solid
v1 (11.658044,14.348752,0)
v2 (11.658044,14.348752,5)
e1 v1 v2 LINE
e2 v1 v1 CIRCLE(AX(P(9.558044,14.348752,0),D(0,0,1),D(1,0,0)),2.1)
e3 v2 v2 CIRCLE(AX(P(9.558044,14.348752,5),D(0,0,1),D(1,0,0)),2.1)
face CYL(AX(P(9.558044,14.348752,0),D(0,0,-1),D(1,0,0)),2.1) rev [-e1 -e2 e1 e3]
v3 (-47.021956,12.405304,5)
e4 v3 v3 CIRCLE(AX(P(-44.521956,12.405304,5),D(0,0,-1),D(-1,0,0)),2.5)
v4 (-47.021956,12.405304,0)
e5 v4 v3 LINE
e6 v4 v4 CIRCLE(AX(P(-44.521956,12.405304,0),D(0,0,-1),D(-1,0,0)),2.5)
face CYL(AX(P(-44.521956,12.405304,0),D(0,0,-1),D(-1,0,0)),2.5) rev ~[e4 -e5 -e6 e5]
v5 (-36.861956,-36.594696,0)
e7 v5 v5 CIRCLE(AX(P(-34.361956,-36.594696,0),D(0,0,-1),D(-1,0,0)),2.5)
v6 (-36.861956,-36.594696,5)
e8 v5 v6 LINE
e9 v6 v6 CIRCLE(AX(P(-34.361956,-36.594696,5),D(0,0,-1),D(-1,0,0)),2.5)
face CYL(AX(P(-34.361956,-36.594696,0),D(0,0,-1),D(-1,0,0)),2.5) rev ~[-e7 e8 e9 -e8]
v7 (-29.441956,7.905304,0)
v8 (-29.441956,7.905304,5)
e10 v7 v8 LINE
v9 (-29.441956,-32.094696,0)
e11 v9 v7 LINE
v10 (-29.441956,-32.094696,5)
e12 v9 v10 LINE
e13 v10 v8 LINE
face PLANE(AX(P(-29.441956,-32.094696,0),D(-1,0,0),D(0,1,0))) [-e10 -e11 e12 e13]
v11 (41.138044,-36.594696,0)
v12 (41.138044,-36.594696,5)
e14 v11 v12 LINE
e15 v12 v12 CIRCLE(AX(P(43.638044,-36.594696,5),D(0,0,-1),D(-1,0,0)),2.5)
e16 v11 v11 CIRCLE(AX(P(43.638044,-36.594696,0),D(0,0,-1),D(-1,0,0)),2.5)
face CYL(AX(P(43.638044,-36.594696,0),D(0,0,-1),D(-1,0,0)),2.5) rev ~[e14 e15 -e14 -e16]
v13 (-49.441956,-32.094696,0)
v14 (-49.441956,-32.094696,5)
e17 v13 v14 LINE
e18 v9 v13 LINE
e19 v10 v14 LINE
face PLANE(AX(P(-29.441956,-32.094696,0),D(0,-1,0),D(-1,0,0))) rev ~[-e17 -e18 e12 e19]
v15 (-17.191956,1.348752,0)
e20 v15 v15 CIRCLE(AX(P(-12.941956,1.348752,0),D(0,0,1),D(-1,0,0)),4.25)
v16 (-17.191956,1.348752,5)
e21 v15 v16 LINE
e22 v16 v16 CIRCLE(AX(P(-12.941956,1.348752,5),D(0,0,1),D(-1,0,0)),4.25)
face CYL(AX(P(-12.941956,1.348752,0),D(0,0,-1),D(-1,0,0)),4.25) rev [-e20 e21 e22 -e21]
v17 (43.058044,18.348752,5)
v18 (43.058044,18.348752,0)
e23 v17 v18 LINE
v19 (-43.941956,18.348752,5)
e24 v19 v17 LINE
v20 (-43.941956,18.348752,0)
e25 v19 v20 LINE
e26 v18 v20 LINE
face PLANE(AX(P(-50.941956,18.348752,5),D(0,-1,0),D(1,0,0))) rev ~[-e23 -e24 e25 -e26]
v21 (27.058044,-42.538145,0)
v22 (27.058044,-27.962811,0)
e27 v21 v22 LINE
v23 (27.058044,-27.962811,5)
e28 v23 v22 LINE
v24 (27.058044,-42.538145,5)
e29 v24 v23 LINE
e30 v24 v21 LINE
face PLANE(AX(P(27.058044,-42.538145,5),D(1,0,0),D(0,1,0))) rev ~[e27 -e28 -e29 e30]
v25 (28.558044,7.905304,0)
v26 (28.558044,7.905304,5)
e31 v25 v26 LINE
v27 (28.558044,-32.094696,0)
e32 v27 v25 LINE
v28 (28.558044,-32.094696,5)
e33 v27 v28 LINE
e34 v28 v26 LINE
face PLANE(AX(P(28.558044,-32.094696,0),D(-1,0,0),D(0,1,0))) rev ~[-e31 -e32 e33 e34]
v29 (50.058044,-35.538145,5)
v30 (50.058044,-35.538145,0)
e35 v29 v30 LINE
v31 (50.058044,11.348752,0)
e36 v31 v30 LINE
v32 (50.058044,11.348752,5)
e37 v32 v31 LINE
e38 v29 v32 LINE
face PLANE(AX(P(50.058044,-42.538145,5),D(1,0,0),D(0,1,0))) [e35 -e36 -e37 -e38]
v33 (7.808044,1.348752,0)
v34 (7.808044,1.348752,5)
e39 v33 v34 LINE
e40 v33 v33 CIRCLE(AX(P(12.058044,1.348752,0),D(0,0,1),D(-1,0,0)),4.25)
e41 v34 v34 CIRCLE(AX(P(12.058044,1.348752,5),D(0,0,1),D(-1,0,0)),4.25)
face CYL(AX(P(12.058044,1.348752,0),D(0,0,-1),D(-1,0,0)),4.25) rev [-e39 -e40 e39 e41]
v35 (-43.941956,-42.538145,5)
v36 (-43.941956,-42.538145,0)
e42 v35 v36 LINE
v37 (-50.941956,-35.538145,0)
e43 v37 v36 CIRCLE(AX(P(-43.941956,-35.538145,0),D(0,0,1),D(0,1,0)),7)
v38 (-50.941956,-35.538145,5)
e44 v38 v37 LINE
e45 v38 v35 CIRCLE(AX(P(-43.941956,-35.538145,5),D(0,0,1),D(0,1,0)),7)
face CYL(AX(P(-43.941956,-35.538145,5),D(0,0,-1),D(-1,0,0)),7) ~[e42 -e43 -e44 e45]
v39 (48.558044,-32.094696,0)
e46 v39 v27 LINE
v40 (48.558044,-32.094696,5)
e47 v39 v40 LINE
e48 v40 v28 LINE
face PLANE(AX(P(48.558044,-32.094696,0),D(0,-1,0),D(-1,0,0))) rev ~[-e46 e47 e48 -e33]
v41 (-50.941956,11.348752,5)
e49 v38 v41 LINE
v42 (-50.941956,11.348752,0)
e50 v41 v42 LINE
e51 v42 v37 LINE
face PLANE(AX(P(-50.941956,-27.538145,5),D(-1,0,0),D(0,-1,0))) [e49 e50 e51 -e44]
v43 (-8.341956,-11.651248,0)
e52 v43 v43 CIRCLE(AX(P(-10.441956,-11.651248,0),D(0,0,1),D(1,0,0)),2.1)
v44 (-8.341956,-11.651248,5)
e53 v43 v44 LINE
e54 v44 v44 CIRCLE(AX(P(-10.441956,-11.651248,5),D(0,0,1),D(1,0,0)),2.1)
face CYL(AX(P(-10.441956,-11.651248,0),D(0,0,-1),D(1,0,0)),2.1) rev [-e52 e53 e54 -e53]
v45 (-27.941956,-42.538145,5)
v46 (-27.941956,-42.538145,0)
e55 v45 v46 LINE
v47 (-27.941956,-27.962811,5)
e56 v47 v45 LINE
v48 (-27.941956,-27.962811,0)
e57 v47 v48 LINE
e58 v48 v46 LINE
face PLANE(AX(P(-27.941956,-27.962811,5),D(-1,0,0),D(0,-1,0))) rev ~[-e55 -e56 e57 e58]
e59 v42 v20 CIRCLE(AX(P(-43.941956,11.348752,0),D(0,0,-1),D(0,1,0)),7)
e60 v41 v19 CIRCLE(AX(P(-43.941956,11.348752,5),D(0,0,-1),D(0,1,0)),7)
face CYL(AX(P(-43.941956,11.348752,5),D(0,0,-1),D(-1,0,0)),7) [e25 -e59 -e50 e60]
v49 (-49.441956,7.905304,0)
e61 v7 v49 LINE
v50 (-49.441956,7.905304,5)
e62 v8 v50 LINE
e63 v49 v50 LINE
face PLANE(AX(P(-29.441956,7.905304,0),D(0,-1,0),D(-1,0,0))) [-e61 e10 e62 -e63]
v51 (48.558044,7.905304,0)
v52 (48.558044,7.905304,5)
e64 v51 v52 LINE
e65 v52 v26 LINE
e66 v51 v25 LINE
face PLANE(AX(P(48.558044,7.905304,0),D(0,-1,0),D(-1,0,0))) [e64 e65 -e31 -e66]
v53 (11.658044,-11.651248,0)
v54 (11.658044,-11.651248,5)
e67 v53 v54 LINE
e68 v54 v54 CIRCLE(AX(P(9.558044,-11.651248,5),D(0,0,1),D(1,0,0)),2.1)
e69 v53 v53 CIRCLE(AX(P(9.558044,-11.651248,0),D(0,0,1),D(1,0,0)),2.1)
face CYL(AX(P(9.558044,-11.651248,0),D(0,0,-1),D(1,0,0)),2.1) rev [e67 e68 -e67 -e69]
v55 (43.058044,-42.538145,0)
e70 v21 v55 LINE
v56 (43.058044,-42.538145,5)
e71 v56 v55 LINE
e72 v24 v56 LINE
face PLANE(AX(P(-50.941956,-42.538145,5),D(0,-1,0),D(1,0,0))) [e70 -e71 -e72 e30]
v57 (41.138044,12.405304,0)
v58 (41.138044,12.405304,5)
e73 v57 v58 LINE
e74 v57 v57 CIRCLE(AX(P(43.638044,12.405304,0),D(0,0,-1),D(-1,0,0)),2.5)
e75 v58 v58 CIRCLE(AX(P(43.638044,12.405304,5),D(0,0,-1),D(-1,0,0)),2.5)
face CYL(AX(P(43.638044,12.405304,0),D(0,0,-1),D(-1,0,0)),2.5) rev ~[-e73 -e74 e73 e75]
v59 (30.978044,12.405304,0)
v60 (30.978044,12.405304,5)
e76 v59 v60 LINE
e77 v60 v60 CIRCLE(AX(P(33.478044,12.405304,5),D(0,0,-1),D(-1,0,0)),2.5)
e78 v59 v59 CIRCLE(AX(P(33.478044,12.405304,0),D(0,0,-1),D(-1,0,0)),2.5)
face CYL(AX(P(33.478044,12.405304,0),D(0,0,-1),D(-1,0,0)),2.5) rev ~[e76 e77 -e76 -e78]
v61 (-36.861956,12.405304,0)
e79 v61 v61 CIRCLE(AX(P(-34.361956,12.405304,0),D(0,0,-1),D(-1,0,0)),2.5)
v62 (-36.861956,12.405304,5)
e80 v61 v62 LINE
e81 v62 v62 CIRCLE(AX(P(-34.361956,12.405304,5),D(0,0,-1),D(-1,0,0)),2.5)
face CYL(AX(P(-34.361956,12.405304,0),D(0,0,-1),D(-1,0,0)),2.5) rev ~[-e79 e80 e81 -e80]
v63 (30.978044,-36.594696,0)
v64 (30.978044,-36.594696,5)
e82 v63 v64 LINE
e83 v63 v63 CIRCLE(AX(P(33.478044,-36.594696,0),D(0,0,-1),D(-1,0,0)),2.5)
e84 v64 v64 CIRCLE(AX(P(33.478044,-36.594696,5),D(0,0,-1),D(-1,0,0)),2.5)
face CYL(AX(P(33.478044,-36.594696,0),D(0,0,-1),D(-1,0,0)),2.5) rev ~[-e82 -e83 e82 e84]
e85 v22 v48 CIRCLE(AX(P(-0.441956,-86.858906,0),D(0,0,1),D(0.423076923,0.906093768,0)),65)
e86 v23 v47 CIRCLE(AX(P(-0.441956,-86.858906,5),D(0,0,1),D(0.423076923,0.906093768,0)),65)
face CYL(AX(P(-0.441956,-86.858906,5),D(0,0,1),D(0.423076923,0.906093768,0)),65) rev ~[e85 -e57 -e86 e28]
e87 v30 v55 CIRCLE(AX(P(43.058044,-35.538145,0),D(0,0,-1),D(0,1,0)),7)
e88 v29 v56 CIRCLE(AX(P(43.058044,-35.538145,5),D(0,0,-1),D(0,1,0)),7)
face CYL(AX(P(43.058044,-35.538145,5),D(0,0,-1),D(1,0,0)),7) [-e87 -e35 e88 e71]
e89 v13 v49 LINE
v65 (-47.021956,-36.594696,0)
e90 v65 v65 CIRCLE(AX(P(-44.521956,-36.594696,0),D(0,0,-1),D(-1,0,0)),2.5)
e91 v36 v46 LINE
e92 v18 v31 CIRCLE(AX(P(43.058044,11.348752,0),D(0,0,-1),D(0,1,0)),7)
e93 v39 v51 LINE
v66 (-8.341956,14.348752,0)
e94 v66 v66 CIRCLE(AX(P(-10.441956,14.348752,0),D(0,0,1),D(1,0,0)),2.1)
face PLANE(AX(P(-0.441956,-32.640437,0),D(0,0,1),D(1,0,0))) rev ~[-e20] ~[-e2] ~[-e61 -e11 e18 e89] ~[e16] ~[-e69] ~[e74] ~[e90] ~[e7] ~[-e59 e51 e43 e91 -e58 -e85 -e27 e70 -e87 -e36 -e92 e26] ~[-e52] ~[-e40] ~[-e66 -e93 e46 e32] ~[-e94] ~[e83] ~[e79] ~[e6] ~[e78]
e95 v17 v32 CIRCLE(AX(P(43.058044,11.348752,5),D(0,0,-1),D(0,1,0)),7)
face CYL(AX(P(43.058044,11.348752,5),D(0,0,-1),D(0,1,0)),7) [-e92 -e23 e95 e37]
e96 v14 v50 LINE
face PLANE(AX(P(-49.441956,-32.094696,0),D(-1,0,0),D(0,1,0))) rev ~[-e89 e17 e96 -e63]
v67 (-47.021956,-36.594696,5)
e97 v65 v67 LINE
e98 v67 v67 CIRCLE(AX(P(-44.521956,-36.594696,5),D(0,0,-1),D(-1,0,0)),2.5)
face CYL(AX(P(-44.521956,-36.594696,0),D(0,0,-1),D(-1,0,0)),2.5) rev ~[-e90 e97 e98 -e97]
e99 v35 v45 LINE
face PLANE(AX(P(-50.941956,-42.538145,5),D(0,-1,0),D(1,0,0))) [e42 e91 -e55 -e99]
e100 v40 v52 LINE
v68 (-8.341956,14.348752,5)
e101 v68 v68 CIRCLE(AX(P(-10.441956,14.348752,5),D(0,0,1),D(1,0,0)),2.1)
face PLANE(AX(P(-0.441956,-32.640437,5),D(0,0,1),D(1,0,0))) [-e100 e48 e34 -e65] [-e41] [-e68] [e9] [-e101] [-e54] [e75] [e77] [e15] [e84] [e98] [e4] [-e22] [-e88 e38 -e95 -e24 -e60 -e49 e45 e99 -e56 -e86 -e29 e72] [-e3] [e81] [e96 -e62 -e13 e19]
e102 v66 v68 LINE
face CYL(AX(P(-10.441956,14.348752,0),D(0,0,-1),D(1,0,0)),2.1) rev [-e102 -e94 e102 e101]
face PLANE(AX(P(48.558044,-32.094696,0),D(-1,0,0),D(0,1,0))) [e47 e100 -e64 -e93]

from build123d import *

# Parameters (mm, degrees)
SKETCH1_R           = 2.1
BOSS_EXTRUDE1_DEPTH = 5
CUT_EXTRUDE1_DEPTH  = 5
SKETCH3_W           = 38.251438616
SKETCH3_H           = 32.766065525
CUT_EXTRUDE2_DEPTH  = 10
BOSS_EXTRUDE2_DEPTH = 5
SKETCH5_W           = 101.856885825
SKETCH5_H           = 15.226385752
CUT_EXTRUDE3_DEPTH  = 10
BOSS_EXTRUDE3_DEPTH = 5
CUT_EXTRUDE4_DEPTH  = 5
SKETCH8_R           = 2.5
SKETCH8_W           = 20
SKETCH8_H           = 40
CUT_EXTRUDE5_DEPTH  = 5
FILLET2_R           = 7


with BuildPart() as part:
    # Sketch1 → Boss-Extrude1 (new body)
    with BuildSketch(Plane.XY):
        Polygon((27.058043777, 13.348752177), (18.058043777, 13.348752177), (18.058043777, 18.348752177), (-18.941956223, 18.348752177), (-18.941956223, 13.348752177), (-27.941956223, 13.348752177), (-27.941956223, 1.348752177), (-27.941956223, -10.651247823), (-63.297295282, -46.006586882), (-51.297295282, -58.006586882), (50.413382836, -58.006586882), (62.413382836, -46.006586882), (27.058043777, -10.651247823), (27.058043777, 1.348752177), align=None)
        with Locations((9.558043777, -11.651247823)):
            Circle(SKETCH1_R, mode=Mode.SUBTRACT)
        with Locations((-10.441956223, -11.651247823)):
            Circle(SKETCH1_R, mode=Mode.SUBTRACT)
        with Locations((-10.441956223, 14.348752177)):
            Circle(SKETCH1_R, mode=Mode.SUBTRACT)
        with Locations((9.558043777, 14.348752177)):
            Circle(SKETCH1_R, mode=Mode.SUBTRACT)
        with BuildLine():
            ThreePointArc((-8.691956223, 1.348752177), (-12.941956223, 5.598752177), (-17.191956223, 1.348752177))
            ThreePointArc((-17.191956223, 1.348752177), (-12.941956223, -2.901247823), (-8.691956223, 1.348752177))
        make_face(mode=Mode.SUBTRACT)
        with BuildLine():
            ThreePointArc((16.308043777, 1.348752177), (12.058043777, 5.598752177), (7.808043777, 1.348752177))
            ThreePointArc((7.808043777, 1.348752177), (12.058043777, -2.901247823), (16.308043777, 1.348752177))
        make_face(mode=Mode.SUBTRACT)
    extrude(amount=BOSS_EXTRUDE1_DEPTH)

    # Sketch2 → Cut-Extrude1 (cut)
    with BuildSketch(Plane(origin=(0, 0, 0), x_dir=(-1, 0, 0), z_dir=(0, 0, -1))):
        with BuildLine():
            Line((-27.058043777, -22.48694002), (-27.058043777, -151.230871916))
            ThreePointArc((-27.058043777, -151.230871916), (0.441956223, -156.858905968), (27.941956223, -151.230871916))
            Line((27.941956223, -151.230871916), (27.941956223, -22.48694002))
            ThreePointArc((27.941956223, -22.48694002), (0.441956223, -16.858905968), (-27.058043777, -22.48694002))
        make_face()
    extrude(amount=-CUT_EXTRUDE1_DEPTH, mode=Mode.SUBTRACT)

    # Sketch3 → Cut-Extrude2 (cut)
    with BuildSketch(Plane(origin=(0, 0, 0), x_dir=(-1, 0, 0), z_dir=(0, 0, -1))):
        with Locations((-46.183763085, -43.921177391)):
            Rectangle(SKETCH3_W, SKETCH3_H)
        with Locations((47.067675531, -43.921177391)):
            Rectangle(SKETCH3_W, SKETCH3_H)
    extrude(amount=-CUT_EXTRUDE2_DEPTH, mode=Mode.SUBTRACT)

    # Sketch4 → Boss-Extrude2 (add)
    with BuildSketch(Plane(origin=(0, 0, 0), x_dir=(-1, 0, 0), z_dir=(0, 0, -1))):
        with BuildLine():
            Line((27.941956223, -10.651247823), (44.828853028, -27.538144628))
            Line((44.828853028, -27.538144628), (50.941956223, -27.538144628))
            Line((50.941956223, -27.538144628), (50.941956223, 27.461855372))
            ThreePointArc((50.941956223, 27.461855372), (49.477490129, 30.997389278), (45.941956223, 32.461855372))
            Line((45.941956223, 32.461855372), (-45.058043777, 32.461855372))
            ThreePointArc((-45.058043777, 32.461855372), (-48.593577683, 30.997389278), (-50.058043777, 27.461855372))
            Line((-50.058043777, 27.461855372), (-50.058043777, -27.538144628))
            Line((-50.058043777, -27.538144628), (-43.944940582, -27.538144628))
            Line((-43.944940582, -27.538144628), (-27.058043777, -10.651247823))
            Line((-27.058043777, -10.651247823), (-27.058043777, 13.348752177))
            Line((-27.058043777, 13.348752177), (-18.058043777, 13.348752177))
            Line((-18.058043777, 13.348752177), (-18.058043777, 18.348752177))
            Line((-18.058043777, 18.348752177), (18.941956223, 18.348752177))
            Line((18.941956223, 18.348752177), (18.941956223, 13.348752177))
            Line((18.941956223, 13.348752177), (27.941956223, 13.348752177))
            Line((27.941956223, 13.348752177), (27.941956223, -10.651247823))
        make_face()
    extrude(amount=-BOSS_EXTRUDE2_DEPTH)

    # Sketch5 → Cut-Extrude3 (cut)
    with BuildSketch(Plane.XY.offset(5)):
        with Locations((-0.013513311, 25.961945053)):
            Rectangle(SKETCH5_W, SKETCH5_H)
    extrude(amount=-CUT_EXTRUDE3_DEPTH, mode=Mode.SUBTRACT)

    # Sketch6 → Boss-Extrude3 (add)
    with BuildSketch(Plane.XY.offset(5)):
        with BuildLine():
            Line((50.058043777, -27.538144628), (27.058043777, -27.538144628))
            Line((27.058043777, -27.538144628), (27.058043777, -22.48694002))
            ThreePointArc((27.058043777, -22.48694002), (-0.441956223, -16.858905968), (-27.941956223, -22.48694002))
            Line((-27.941956223, -22.48694002), (-27.941956223, -27.538144628))
            Line((-27.941956223, -27.538144628), (-50.941956223, -27.538144628))
            Line((-50.941956223, -27.538144628), (-50.941956223, -42.538144628))
            Line((-50.941956223, -42.538144628), (-12.941956223, -42.538144628))
            Line((-12.941956223, -42.538144628), (12.058043777, -42.538144628))
            Line((12.058043777, -42.538144628), (50.058043777, -42.538144628))
            Line((50.058043777, -42.538144628), (50.058043777, -27.538144628))
        make_face()
    extrude(amount=-BOSS_EXTRUDE3_DEPTH)

    # Sketch7 → Cut-Extrude4 (cut)
    with BuildSketch(Plane.XY.offset(5)):
        with BuildLine():
            Line((-27.941956223, -27.962811021), (-27.941956223, -42.538144628))
            Line((-27.941956223, -42.538144628), (27.058043777, -42.538144628))
            Line((27.058043777, -42.538144628), (27.058043777, -27.962811021))
            ThreePointArc((27.058043777, -27.962811021), (-0.441956223, -21.858905968), (-27.941956223, -27.962811021))
        make_face()
    extrude(amount=-CUT_EXTRUDE4_DEPTH, mode=Mode.SUBTRACT)

    # Sketch8 → Cut-Extrude5 (cut)
    with BuildSketch(Plane(origin=(0, 0, 0), x_dir=(-1, 0, 0), z_dir=(0, 0, -1))):
        with Locations((44.521956223, 12.405303775)):
            Circle(SKETCH8_R)
        with Locations((34.361956223, 12.405303775)):
            Circle(SKETCH8_R)
        with Locations((34.361956223, -36.594696225)):
            Circle(SKETCH8_R)
        with Locations((44.521956223, -36.594696225)):
            Circle(SKETCH8_R)
        with Locations((-43.638043777, -36.594696225)):
            Circle(SKETCH8_R)
        with Locations((-33.478043777, -36.594696225)):
            Circle(SKETCH8_R)
        with Locations((-33.478043777, 12.405303775)):
            Circle(SKETCH8_R)
        with Locations((-43.638043777, 12.405303775)):
            Circle(SKETCH8_R)
        with Locations((39.441956223, -12.094696225)):
            Rectangle(SKETCH8_W, SKETCH8_H)
        with Locations((-38.558043777, -12.094696225)):
            Rectangle(SKETCH8_W, SKETCH8_H)
    extrude(amount=-CUT_EXTRUDE5_DEPTH, mode=Mode.SUBTRACT)

    # Fillet2
    fillet2_edges = [part.edges().sort_by_distance(p)[0] for p in [
        (50.058043777, 18.348752177, 2.5),
        (-50.941956223, 18.348752177, 2.5),
        (50.058043777, -42.538144628, 2.5),
        (-50.941956223, -42.538144628, 2.5),
    ]]
    fillet(fillet2_edges, radius=FILLET2_R)


solid = part.part
